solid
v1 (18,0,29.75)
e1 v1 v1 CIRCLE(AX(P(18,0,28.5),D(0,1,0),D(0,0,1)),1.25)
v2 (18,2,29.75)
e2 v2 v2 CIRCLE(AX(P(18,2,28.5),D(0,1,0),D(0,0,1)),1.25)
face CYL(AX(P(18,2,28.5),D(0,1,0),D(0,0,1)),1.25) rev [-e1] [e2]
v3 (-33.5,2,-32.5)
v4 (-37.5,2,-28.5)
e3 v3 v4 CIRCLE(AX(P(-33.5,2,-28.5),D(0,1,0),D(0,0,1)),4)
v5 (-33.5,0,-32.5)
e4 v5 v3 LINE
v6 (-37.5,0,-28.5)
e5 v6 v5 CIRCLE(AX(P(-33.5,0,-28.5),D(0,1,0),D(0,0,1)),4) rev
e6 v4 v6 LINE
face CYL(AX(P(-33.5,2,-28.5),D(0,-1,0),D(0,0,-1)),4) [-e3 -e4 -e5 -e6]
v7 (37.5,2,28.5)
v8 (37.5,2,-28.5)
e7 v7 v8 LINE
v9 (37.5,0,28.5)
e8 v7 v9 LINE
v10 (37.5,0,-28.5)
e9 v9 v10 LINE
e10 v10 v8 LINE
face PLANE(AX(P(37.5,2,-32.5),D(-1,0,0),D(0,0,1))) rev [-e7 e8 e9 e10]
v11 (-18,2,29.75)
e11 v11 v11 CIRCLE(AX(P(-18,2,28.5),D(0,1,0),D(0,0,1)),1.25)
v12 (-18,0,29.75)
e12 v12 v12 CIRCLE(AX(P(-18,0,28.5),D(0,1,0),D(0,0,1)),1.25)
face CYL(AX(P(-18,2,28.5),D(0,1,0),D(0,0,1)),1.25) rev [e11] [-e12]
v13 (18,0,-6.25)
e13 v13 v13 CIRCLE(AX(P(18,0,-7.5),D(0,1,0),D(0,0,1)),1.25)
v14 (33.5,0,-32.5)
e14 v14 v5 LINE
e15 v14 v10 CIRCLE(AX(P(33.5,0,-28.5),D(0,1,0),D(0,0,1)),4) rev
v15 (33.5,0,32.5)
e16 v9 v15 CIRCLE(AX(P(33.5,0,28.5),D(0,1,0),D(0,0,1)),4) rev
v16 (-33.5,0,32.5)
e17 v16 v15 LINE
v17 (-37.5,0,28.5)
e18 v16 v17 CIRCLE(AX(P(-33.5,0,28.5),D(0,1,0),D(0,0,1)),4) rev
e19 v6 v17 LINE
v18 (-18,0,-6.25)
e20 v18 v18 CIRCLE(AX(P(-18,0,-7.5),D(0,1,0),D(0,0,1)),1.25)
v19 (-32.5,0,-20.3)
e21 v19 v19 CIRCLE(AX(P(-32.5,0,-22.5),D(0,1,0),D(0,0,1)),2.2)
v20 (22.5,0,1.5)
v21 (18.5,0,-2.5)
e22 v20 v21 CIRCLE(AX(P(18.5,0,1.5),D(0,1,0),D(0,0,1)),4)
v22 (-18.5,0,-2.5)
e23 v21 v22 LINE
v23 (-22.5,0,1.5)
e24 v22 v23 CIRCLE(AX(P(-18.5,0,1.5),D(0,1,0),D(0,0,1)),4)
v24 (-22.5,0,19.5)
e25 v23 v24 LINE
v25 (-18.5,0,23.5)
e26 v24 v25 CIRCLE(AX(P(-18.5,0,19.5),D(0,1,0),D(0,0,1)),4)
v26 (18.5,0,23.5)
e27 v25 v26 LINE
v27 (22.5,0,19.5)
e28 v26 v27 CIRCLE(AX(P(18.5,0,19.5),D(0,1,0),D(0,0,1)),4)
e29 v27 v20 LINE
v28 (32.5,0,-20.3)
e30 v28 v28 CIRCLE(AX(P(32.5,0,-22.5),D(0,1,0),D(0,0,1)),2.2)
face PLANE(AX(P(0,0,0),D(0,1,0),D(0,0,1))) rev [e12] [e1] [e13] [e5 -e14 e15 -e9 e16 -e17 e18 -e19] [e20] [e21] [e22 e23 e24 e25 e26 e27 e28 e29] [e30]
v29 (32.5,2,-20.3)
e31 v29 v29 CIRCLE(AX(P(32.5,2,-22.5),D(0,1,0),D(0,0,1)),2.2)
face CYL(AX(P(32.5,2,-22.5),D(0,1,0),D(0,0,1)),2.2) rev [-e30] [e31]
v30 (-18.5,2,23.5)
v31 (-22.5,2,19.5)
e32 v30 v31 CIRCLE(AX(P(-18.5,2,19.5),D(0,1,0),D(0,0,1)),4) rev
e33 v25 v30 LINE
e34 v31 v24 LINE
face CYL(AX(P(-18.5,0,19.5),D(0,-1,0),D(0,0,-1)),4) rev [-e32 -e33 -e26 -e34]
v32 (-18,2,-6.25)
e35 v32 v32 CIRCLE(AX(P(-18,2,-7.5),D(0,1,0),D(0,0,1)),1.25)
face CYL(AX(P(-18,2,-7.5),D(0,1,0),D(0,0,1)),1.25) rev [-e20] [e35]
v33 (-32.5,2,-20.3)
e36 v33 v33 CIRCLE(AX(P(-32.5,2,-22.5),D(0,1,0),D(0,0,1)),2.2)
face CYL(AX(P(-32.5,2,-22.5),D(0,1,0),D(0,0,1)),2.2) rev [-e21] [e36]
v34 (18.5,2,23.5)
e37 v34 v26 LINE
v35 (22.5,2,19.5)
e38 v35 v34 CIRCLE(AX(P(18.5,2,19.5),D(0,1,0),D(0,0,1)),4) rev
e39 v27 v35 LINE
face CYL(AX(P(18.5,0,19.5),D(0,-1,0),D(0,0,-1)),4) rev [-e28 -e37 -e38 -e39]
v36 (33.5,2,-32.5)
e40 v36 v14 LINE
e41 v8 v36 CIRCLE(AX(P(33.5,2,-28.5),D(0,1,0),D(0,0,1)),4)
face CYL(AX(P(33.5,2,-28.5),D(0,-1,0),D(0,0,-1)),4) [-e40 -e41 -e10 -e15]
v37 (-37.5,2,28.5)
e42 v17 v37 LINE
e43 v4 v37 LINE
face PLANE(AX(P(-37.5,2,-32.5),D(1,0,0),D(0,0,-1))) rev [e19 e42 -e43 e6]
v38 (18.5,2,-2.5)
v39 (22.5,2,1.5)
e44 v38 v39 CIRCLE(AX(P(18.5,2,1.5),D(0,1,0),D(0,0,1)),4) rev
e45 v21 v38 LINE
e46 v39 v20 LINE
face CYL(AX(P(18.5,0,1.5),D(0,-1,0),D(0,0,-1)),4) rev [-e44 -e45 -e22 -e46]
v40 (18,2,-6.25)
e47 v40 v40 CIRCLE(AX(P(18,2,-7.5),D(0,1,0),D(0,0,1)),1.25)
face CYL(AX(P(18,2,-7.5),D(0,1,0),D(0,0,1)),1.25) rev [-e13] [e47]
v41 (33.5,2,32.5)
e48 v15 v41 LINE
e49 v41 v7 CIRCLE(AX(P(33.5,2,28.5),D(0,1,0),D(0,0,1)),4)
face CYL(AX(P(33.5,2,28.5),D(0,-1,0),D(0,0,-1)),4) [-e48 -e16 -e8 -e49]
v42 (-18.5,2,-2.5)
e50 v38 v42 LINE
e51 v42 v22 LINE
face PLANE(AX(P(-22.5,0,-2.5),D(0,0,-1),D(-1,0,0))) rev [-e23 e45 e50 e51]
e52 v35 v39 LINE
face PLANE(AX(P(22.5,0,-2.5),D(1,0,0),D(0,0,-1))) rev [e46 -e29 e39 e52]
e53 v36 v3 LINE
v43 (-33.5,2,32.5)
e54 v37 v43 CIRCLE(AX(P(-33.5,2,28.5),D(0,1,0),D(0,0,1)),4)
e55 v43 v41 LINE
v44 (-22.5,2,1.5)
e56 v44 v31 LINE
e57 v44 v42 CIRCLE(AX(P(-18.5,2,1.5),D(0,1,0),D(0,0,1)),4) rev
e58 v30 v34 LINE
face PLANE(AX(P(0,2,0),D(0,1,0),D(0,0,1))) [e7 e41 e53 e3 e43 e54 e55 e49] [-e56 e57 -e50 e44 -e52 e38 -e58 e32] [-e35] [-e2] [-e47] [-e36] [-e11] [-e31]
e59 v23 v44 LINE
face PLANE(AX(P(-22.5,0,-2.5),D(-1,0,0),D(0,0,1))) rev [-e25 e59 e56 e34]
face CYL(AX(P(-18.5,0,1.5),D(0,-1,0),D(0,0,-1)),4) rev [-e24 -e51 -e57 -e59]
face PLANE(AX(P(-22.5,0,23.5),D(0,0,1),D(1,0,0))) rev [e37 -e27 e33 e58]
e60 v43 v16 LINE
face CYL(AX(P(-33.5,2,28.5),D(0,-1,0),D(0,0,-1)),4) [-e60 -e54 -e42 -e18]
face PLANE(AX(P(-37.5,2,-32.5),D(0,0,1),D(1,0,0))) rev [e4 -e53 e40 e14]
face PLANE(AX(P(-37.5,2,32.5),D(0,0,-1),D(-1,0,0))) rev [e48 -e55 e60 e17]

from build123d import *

# Parameters (mm, degrees)
SKETCH_1_W              = 75
SKETCH_1_H              = 65
EXTRUDE_1_DEPTH         = 2
HOLE_WIZARD_4_4_4_4_1_D = 4.4
HOLE_WIZARD_2_5_2_5_1_D = 2.5
FILLET_1_R              = 4
SKETCH_6_W              = 45
SKETCH_6_H              = 26
CUT_EXTRUDE_1_DEPTH     = 50.663870167
FILLET_2_R              = 4


with BuildPart() as part:
    # 草图1 → 凸台-拉伸1 (new body)
    with BuildSketch(Plane(origin=(0, 0, 0), x_dir=(1, 0, 0), z_dir=(0, 1, 0))):
        Rectangle(SKETCH_1_W, SKETCH_1_H)
    extrude(amount=EXTRUDE_1_DEPTH)

    # Ø4.4 (4.4) 直径孔1 (through all)
    with Locations(Plane(origin=(-32.5, 2, -22.5), x_dir=(0, 0, 1), z_dir=(0, 1, 0))):
        with Locations((0, 0), (0, 65)):
            Hole(HOLE_WIZARD_4_4_4_4_1_D / 2)

    # Ø2.5 (2.5) 直径孔1 (through all)
    with Locations(Plane(origin=(-18, 2, -7.5), x_dir=(0, 0, 1), z_dir=(0, 1, 0))):
        with Locations((0, 0), (36, 0)):
            hole_wizard_2_5_2_5_1 = Hole(HOLE_WIZARD_2_5_2_5_1_D / 2)

    # 镜向1: Ø2.5 (2.5) 直径孔1 across plane
    add(hole_wizard_2_5_2_5_1.mirror(Plane(origin=(0, 0, 0), x_dir=(0, 0, 1), z_dir=(1, 0, 0))), mode=Mode.SUBTRACT)

    # 圆角1
    fillet_1_edges = [part.edges().sort_by_distance(p)[0] for p in [
        (37.5, 1, 32.5),
        (-37.5, 1, 32.5),
        (-37.5, 1, -32.5),
        (37.5, 1, -32.5),
    ]]
    fillet(fillet_1_edges, radius=FILLET_1_R)

    # 草图6 → 切除-拉伸1 (cut, through all)
    with BuildSketch(Plane(origin=(0, 2, 0), x_dir=(1, 0, 0), z_dir=(0, 1, 0))):
        with Locations((0, -10.5)):
            Rectangle(SKETCH_6_W, SKETCH_6_H)
    extrude(amount=-CUT_EXTRUDE_1_DEPTH, mode=Mode.SUBTRACT)

    # 圆角2
    fillet_2_edges = [part.edges().sort_by_distance(p)[0] for p in [
        (-22.5, 1, 23.5),
        (-22.5, 1, -2.5),
        (22.5, 1, -2.5),
        (22.5, 1, 23.5),
    ]]
    fillet(fillet_2_edges, radius=FILLET_2_R)


solid = part.part
